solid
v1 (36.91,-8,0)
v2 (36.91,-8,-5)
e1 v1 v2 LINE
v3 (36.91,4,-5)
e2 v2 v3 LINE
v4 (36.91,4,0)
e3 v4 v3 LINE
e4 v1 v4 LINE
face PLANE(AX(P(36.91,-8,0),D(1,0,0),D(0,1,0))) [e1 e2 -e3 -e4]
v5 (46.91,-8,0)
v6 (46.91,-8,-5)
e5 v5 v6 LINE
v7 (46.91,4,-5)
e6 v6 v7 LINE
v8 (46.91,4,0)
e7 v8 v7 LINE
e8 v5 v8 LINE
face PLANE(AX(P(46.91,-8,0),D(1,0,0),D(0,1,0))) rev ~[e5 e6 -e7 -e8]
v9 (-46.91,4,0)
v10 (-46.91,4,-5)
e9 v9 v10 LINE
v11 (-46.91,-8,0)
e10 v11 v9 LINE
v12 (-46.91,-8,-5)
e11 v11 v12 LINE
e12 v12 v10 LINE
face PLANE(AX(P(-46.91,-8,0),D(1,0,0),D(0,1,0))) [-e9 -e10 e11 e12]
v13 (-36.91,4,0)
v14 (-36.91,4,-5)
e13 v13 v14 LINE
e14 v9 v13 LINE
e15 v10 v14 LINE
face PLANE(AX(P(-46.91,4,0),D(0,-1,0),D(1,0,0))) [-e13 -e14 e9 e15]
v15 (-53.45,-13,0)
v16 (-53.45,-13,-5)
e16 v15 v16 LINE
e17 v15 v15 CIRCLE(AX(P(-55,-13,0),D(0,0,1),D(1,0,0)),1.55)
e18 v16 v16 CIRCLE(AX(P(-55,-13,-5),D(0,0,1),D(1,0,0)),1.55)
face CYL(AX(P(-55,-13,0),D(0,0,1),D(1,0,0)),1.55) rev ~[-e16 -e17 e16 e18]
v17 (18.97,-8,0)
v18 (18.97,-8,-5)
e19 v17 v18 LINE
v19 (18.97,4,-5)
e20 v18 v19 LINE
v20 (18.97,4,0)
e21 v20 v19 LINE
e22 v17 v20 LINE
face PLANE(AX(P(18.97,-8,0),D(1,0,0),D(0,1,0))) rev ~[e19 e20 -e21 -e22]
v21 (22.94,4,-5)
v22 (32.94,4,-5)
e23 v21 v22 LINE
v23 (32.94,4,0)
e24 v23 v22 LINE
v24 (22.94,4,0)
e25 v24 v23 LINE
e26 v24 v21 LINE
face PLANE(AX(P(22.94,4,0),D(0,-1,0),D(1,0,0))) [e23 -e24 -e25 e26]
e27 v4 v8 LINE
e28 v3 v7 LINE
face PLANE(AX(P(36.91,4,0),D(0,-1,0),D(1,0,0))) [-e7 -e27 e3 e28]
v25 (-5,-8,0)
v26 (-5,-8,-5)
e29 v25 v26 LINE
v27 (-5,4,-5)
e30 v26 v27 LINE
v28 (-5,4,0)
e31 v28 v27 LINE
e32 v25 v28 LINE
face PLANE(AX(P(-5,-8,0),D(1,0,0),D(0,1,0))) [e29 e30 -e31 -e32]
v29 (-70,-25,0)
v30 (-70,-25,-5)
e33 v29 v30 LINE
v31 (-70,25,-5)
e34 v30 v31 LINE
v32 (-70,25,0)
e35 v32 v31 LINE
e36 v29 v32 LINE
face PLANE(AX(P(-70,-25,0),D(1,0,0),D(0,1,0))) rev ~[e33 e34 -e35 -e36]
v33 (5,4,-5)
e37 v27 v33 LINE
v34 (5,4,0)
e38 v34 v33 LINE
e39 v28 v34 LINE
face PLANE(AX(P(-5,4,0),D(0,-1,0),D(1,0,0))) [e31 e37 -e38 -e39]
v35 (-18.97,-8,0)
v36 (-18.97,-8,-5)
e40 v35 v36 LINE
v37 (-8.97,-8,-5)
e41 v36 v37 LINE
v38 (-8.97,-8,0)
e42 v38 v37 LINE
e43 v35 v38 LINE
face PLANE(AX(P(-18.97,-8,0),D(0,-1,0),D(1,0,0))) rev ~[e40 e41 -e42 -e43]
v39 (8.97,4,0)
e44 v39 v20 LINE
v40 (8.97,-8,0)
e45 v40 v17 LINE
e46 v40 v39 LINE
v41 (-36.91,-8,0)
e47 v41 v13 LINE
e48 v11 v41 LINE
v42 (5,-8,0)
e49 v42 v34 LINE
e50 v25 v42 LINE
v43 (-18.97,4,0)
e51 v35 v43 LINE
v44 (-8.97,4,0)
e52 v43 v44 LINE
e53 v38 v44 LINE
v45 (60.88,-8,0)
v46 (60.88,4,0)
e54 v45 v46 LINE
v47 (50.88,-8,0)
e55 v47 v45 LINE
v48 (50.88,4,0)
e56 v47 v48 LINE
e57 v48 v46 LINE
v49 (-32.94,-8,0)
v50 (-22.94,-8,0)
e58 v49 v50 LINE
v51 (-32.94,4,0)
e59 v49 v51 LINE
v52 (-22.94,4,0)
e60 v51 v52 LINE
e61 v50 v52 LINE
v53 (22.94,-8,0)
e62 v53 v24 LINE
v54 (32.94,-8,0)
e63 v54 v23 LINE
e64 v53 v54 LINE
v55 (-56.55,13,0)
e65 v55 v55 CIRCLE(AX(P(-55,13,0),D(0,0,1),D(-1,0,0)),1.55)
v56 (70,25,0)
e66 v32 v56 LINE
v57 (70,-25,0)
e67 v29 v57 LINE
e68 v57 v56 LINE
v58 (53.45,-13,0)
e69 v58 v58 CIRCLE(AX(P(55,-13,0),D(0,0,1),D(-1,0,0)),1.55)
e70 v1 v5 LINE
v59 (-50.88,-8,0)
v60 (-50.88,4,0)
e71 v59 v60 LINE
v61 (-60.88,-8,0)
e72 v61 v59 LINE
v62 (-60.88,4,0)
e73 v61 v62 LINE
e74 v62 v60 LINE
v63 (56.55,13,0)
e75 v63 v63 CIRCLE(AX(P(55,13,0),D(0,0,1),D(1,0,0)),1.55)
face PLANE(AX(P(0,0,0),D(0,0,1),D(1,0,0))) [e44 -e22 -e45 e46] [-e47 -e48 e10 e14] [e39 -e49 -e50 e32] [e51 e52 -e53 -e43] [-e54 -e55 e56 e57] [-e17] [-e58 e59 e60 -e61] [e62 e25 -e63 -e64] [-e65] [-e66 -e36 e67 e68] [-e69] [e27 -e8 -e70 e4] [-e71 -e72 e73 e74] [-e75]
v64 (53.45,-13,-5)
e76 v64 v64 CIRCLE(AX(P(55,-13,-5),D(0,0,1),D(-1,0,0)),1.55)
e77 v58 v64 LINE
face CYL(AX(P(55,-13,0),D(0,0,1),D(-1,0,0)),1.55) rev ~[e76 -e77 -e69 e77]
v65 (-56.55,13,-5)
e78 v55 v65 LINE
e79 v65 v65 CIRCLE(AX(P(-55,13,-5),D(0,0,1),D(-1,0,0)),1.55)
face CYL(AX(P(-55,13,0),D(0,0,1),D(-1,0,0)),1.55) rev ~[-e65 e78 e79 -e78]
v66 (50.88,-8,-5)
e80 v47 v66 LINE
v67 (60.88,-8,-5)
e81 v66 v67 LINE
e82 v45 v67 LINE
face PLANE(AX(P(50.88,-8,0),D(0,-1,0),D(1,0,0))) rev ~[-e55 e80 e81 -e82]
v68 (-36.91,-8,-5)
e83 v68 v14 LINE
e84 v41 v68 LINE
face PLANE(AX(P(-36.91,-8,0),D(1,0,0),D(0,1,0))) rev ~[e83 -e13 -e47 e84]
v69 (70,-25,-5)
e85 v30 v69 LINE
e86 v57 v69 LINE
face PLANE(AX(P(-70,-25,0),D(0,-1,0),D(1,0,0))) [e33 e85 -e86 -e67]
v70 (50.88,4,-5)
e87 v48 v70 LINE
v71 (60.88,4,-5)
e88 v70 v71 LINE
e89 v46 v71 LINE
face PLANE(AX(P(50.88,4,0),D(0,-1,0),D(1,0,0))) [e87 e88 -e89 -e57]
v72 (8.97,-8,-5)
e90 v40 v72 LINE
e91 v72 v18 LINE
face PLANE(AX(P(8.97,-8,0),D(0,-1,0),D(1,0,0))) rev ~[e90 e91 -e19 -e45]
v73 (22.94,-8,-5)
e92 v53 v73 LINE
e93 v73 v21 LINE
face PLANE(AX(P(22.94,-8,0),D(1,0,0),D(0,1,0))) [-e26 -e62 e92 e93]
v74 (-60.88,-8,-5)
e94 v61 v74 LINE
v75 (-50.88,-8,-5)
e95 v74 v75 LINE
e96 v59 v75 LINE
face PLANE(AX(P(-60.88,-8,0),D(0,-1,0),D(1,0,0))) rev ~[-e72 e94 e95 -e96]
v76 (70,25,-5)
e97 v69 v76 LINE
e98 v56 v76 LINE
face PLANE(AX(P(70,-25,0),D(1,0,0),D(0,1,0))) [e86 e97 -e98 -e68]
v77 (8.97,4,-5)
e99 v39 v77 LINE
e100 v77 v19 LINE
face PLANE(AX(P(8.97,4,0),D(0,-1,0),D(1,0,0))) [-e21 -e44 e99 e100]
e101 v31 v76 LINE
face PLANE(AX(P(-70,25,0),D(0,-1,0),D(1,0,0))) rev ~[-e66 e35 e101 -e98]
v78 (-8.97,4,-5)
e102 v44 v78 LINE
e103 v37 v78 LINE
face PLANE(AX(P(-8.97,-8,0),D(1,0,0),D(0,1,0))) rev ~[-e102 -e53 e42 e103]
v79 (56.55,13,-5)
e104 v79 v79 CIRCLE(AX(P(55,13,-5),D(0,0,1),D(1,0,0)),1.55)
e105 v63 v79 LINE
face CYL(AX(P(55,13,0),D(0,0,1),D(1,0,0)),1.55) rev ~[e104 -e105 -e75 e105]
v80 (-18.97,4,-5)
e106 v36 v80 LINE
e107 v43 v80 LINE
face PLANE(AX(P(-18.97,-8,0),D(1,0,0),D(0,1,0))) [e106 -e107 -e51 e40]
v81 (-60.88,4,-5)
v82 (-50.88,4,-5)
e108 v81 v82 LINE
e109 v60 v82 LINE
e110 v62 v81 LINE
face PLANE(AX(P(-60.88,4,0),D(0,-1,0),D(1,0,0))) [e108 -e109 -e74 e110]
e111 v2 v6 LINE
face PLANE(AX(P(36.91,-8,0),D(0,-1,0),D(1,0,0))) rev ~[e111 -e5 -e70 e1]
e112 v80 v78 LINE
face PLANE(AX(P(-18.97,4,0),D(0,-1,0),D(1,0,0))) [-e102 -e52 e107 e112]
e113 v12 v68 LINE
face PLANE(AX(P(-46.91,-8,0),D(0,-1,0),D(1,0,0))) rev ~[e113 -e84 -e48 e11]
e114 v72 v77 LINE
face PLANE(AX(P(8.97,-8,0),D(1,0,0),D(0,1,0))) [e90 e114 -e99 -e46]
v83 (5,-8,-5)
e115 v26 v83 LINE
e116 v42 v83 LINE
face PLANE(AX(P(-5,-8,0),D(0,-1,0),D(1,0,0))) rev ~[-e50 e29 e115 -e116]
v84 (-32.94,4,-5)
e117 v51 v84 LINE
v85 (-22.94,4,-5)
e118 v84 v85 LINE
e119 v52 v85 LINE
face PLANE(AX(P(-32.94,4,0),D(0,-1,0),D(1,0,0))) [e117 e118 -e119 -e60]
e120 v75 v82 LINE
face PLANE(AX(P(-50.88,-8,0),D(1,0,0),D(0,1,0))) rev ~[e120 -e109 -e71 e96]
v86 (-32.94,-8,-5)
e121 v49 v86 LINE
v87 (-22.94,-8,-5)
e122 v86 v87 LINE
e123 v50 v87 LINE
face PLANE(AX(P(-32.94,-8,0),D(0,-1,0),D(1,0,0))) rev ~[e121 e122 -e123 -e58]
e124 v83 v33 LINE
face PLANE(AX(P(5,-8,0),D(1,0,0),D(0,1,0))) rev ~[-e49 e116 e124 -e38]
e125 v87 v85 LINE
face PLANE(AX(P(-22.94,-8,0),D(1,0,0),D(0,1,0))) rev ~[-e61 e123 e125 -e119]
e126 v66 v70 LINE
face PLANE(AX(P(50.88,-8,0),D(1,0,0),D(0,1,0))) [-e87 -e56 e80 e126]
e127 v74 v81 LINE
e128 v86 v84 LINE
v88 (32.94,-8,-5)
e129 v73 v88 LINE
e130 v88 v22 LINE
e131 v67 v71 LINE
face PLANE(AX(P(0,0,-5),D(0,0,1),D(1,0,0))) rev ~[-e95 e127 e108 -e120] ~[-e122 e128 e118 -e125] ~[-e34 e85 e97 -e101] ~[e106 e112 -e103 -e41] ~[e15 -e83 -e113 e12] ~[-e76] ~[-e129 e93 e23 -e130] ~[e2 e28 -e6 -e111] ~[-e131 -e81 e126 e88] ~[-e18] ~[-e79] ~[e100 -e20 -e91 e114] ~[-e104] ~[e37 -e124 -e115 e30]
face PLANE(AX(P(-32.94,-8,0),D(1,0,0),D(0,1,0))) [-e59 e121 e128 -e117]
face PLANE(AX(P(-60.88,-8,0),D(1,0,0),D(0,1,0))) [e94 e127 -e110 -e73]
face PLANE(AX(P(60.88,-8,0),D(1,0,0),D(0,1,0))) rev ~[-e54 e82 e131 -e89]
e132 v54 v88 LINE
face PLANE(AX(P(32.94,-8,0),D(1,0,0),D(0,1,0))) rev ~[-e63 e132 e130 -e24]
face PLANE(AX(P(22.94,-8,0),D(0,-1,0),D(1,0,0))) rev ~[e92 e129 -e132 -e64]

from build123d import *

# Parameters (mm, degrees)
ESQUISSE1_W        = 140
ESQUISSE1_H        = 50
ESQUISSE1_R        = 1.55
ESQUISSE1_W_2      = 10
ESQUISSE1_H_2      = 12
BOSS_EXTRU_1_DEPTH = 5


with BuildPart() as part:
    # Esquisse1 → Boss.-Extru.1 (new body)
    with BuildSketch(Plane.XY):
        Rectangle(ESQUISSE1_W, ESQUISSE1_H)
        with Locations((-55, -13)):
            Circle(ESQUISSE1_R, mode=Mode.SUBTRACT)
        with Locations(Location((-55, 13, 0), (0, 0, 180))):
            Circle(ESQUISSE1_R, mode=Mode.SUBTRACT)
        with Locations(Location((55, -13, 0), (0, 0, 180))):
            Circle(ESQUISSE1_R, mode=Mode.SUBTRACT)
        with Locations((55, 13)):
            Circle(ESQUISSE1_R, mode=Mode.SUBTRACT)
        with Locations((13.97, -2)):
            Rectangle(ESQUISSE1_W_2, ESQUISSE1_H_2, mode=Mode.SUBTRACT)
        with Locations((0, -2)):
            Rectangle(ESQUISSE1_W_2, ESQUISSE1_H_2, mode=Mode.SUBTRACT)
        with Locations((27.94, -2)):
            Rectangle(ESQUISSE1_W_2, ESQUISSE1_H_2, mode=Mode.SUBTRACT)
        with Locations((41.91, -2)):
            Rectangle(ESQUISSE1_W_2, ESQUISSE1_H_2, mode=Mode.SUBTRACT)
        with Locations((55.88, -2)):
            Rectangle(ESQUISSE1_W_2, ESQUISSE1_H_2, mode=Mode.SUBTRACT)
        with Locations((-13.97, -2)):
            Rectangle(ESQUISSE1_W_2, ESQUISSE1_H_2, mode=Mode.SUBTRACT)
        with Locations((-27.94, -2)):
            Rectangle(ESQUISSE1_W_2, ESQUISSE1_H_2, mode=Mode.SUBTRACT)
        with Locations((-41.91, -2)):
            Rectangle(ESQUISSE1_W_2, ESQUISSE1_H_2, mode=Mode.SUBTRACT)
        with Locations((-55.88, -2)):
            Rectangle(ESQUISSE1_W_2, ESQUISSE1_H_2, mode=Mode.SUBTRACT)
    extrude(amount=-BOSS_EXTRU_1_DEPTH)


solid = part.part
